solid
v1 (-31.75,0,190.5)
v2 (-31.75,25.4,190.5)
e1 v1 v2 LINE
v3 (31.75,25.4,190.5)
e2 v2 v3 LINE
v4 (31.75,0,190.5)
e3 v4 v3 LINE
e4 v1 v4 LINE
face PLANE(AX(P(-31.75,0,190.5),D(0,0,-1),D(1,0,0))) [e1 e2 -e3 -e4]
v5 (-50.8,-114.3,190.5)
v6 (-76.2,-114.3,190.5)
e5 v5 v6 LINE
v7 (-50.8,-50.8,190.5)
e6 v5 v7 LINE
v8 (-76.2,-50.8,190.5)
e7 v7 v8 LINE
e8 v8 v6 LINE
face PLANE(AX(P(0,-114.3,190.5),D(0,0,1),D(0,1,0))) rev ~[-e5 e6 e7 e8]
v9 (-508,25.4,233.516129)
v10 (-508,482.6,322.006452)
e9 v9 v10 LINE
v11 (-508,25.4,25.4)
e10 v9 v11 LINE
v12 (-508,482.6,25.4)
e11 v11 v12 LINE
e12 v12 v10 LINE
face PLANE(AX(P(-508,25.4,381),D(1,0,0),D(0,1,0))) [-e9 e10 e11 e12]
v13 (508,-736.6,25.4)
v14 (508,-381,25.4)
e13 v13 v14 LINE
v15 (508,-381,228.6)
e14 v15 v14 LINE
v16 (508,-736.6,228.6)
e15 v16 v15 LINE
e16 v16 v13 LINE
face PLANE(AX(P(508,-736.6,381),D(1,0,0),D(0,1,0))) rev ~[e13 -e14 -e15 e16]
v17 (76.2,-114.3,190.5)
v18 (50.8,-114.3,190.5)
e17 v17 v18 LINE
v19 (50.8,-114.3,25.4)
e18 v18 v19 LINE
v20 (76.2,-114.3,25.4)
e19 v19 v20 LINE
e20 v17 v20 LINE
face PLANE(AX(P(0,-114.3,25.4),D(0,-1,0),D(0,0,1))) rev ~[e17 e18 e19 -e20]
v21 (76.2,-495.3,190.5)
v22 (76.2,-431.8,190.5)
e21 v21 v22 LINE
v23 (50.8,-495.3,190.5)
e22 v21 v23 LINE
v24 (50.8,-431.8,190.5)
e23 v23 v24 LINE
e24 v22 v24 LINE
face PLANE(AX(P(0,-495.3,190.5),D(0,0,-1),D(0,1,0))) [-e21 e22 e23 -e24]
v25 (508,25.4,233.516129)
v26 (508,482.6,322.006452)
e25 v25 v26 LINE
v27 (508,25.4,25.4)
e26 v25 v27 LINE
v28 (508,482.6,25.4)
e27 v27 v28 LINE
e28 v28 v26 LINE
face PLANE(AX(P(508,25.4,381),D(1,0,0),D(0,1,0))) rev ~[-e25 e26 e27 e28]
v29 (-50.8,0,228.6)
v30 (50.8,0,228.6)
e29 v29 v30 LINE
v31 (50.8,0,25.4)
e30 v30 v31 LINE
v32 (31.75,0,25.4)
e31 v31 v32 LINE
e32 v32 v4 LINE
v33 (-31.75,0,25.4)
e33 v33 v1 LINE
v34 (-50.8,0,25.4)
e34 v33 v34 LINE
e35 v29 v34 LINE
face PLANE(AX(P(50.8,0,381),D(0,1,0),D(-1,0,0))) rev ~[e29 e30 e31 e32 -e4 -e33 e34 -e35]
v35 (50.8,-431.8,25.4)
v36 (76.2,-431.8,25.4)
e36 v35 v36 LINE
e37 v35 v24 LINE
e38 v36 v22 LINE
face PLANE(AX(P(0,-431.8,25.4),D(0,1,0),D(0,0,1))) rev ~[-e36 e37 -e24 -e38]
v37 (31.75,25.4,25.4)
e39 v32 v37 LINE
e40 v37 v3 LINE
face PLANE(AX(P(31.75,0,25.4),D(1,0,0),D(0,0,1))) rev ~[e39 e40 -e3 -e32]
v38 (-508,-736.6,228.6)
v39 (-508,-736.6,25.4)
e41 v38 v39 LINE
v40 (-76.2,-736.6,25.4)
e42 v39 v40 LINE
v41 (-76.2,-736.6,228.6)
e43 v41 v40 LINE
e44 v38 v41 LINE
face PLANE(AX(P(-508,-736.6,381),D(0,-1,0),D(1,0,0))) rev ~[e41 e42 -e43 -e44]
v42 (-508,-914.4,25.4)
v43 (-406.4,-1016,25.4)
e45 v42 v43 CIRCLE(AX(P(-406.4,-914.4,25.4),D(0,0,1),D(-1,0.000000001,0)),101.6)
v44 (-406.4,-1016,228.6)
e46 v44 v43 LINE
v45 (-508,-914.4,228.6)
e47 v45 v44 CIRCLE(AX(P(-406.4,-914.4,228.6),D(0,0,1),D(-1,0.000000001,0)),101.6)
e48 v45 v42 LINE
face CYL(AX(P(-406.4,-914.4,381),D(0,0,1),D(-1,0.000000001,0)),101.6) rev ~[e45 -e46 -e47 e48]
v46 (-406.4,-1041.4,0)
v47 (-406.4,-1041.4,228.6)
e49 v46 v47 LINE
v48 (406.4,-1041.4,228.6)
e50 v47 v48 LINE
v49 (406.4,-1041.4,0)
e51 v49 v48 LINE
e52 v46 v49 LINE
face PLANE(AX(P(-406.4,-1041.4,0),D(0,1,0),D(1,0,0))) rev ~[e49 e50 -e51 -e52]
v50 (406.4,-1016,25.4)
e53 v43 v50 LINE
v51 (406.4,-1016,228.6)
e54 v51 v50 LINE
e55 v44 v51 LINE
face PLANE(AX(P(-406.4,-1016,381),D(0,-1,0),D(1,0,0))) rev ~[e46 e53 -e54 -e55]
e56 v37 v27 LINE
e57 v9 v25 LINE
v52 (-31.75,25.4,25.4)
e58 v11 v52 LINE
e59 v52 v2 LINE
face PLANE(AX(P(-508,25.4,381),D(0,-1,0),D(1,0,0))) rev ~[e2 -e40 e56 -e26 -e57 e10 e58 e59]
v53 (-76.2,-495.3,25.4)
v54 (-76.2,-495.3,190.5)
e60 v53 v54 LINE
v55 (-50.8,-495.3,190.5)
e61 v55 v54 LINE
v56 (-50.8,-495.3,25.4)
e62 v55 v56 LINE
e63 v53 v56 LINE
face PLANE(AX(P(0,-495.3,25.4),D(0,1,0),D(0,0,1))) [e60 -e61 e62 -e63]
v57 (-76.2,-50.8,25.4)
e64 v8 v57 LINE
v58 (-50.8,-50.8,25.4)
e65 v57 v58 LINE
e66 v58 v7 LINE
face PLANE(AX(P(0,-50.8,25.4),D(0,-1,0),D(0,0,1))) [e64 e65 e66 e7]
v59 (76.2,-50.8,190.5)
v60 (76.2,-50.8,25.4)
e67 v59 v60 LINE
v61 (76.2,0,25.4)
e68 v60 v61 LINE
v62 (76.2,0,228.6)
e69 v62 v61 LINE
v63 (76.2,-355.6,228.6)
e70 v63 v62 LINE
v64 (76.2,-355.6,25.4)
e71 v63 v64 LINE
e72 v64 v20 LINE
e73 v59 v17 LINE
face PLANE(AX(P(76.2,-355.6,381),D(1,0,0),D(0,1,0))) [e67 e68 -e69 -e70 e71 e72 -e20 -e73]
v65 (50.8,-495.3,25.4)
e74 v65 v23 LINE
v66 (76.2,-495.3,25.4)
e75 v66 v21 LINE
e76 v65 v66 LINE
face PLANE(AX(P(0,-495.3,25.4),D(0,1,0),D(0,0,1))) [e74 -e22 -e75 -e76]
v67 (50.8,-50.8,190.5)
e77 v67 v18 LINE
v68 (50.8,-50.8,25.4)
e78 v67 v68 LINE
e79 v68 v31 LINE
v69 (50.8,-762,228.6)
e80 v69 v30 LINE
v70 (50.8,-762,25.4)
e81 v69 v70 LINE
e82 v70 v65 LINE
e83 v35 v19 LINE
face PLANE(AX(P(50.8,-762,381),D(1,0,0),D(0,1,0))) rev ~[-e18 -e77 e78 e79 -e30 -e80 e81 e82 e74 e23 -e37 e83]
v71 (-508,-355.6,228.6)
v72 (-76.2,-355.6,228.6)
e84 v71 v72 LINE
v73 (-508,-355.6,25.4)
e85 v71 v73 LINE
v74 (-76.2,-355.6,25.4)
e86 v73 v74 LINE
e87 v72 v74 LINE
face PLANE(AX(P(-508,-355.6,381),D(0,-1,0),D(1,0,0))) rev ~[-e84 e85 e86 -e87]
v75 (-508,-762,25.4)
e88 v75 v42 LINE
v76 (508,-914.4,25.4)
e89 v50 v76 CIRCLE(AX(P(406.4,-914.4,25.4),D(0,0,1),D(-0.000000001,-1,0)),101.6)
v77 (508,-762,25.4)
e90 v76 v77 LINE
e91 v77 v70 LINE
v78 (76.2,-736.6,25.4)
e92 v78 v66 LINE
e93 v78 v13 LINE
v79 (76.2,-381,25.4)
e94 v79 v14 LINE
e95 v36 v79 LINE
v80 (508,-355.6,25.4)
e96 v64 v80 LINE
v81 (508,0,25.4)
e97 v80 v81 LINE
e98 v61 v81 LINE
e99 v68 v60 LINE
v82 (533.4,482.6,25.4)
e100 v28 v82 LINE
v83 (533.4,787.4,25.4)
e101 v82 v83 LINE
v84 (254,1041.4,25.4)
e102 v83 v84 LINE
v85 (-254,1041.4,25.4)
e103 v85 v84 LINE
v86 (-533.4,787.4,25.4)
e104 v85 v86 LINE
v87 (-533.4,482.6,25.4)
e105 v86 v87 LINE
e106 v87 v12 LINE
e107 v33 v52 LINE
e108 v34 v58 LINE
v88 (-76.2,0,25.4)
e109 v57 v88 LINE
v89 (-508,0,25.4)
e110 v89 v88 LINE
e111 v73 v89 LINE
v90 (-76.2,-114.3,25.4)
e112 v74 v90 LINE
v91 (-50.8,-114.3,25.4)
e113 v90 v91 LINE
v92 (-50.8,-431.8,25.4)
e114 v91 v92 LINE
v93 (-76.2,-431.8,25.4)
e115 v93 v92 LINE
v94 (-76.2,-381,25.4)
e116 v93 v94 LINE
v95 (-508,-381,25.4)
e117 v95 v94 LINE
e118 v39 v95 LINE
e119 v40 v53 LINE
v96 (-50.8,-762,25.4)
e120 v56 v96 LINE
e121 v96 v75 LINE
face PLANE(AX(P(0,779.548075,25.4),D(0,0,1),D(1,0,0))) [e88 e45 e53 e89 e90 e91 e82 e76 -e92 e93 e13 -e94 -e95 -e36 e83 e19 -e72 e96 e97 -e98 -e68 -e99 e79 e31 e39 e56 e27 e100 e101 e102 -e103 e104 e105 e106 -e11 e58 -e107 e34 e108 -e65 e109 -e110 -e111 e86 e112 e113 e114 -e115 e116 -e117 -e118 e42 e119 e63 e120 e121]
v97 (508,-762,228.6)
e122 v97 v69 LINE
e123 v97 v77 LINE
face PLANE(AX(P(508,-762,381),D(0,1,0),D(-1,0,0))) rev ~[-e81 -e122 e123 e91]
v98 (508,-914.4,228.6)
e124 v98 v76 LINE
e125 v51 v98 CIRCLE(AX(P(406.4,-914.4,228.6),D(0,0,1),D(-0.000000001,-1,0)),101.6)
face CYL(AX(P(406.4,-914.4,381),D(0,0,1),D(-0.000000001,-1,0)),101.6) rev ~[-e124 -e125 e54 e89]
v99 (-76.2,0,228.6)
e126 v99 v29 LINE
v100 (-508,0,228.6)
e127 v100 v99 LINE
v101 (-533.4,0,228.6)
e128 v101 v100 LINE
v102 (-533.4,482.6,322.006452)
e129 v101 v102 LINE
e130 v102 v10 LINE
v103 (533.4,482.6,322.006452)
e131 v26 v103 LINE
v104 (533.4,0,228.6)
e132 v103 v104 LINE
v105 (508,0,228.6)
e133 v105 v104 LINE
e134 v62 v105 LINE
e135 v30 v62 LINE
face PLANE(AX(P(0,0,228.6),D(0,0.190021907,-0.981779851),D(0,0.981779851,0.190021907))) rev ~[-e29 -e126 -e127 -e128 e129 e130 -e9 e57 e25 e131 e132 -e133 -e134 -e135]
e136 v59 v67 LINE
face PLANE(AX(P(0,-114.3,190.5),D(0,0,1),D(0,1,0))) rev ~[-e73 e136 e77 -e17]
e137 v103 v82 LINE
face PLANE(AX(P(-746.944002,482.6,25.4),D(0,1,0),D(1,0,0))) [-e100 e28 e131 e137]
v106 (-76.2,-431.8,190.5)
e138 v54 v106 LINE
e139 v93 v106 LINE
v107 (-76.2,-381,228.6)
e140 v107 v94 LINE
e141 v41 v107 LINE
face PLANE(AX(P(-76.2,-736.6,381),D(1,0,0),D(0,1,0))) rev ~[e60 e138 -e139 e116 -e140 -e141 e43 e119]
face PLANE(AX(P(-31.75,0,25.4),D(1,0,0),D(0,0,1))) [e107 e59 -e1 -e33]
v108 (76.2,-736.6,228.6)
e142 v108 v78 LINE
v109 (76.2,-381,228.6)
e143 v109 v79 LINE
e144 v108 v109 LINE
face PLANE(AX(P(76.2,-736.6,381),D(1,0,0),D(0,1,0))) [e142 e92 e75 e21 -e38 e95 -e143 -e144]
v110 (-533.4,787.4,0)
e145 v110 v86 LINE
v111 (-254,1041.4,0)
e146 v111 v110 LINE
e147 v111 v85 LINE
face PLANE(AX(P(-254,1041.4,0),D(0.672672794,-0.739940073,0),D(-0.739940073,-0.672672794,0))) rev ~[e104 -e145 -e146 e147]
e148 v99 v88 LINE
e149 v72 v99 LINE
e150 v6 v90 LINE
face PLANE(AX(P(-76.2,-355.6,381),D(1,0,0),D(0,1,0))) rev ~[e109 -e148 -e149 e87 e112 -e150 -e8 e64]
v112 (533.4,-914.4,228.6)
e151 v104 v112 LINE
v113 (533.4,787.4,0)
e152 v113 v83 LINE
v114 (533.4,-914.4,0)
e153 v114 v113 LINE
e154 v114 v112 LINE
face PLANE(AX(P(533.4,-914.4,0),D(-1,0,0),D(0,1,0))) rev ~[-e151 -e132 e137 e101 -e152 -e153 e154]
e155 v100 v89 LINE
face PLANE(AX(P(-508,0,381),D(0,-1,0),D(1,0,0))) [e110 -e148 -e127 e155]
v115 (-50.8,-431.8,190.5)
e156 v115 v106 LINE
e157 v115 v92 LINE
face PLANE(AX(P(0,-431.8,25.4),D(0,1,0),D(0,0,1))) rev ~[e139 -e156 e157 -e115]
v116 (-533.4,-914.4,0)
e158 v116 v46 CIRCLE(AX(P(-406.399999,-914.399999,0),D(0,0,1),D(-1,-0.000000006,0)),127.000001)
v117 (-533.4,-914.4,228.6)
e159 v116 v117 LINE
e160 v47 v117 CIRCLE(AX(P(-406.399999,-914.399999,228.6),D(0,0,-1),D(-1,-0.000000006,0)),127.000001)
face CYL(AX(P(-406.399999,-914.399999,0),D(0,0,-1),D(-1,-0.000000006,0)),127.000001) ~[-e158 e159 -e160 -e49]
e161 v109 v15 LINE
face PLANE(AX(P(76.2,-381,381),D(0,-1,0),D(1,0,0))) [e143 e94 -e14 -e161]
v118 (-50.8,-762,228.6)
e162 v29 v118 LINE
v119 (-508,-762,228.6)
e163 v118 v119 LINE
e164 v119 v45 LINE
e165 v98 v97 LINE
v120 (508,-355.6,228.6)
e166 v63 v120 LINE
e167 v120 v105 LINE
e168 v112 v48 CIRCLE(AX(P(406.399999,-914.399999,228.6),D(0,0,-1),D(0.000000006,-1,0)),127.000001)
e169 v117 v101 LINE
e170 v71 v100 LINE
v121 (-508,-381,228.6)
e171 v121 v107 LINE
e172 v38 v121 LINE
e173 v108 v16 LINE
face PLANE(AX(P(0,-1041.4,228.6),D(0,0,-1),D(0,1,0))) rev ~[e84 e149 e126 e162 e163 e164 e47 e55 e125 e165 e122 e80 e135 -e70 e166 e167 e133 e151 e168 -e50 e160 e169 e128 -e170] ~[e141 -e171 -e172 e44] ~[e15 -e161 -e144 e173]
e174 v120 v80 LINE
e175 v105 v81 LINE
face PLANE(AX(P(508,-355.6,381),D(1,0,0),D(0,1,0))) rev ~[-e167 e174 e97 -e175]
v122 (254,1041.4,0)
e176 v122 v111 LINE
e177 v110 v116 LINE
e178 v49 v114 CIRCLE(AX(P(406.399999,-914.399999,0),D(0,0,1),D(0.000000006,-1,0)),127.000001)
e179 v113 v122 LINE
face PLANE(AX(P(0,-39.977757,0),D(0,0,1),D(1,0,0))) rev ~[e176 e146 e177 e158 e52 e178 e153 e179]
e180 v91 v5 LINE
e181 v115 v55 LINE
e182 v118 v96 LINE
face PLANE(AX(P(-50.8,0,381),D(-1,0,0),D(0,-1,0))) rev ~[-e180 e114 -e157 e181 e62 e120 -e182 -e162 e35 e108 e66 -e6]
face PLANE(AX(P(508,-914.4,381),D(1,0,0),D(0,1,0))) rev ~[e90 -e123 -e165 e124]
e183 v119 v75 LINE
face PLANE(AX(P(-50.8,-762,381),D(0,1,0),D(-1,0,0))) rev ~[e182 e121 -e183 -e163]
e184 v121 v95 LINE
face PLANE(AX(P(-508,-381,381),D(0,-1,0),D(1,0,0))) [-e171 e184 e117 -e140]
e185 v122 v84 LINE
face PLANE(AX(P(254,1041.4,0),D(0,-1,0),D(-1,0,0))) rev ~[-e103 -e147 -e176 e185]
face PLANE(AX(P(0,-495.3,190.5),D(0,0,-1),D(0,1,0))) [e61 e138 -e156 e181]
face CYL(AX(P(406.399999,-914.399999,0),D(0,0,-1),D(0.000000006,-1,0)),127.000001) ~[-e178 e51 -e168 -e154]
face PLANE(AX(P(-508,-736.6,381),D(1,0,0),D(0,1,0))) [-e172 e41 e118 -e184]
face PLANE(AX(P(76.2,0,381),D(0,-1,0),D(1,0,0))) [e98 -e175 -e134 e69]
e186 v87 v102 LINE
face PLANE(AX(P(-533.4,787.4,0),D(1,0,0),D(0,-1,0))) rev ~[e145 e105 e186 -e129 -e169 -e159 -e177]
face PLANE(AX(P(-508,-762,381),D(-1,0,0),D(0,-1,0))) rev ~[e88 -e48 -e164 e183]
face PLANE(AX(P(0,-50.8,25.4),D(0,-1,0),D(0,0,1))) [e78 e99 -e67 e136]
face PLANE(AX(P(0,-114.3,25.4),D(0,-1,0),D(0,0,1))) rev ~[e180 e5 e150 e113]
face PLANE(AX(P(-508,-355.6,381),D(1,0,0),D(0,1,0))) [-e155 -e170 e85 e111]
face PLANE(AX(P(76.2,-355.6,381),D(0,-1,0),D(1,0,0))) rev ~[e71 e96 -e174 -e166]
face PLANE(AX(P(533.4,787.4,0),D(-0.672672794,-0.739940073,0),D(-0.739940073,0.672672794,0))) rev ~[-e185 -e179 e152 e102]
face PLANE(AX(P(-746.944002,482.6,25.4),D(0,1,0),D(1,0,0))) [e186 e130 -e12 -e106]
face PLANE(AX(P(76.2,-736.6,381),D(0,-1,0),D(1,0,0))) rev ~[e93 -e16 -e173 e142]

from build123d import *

# Parameters (mm, degrees)
F1_DEPTH  = 381
F3_W      = 1016
F3_H      = 457.2
F3_W_2    = 431.8
F3_H_2    = 355.6
F4_DEPTH  = 355.6
F5_DEPTH  = 1270
F6_W      = 63.5
F6_H      = 165.1
F7_DEPTH  = 25.4
F8_W      = 63.5
F8_H      = 165.1
F9_DEPTH  = 25.4
F10_W     = 63.5
F10_H     = 165.1
F11_DEPTH = 127
F12_W     = 127
F12_H     = 177.8
F13_DEPTH = 25.4
F14_W     = 1493.888004
F14_H     = 593.896151
F15_DEPTH = 355.601


with BuildPart() as f1:
    # F0 (on Top) → F1 (new body)
    with BuildSketch(Plane.XY):
        with BuildLine():
            Line((254, 1041.4), (-254, 1041.4))
            Line((-254, 1041.4), (-533.4, 787.4))
            Line((-533.4, 787.4), (-533.4, -914.4))
            ThreePointArc((-533.4, -914.4), (-496.202561, -1004.202561), (-406.4, -1041.4))
            Line((-406.4, -1041.4), (406.4, -1041.4))
            ThreePointArc((406.4, -1041.4), (496.202561, -1004.202561), (533.4, -914.4))
            Line((533.4, -914.4), (533.4, 787.4))
            Line((533.4, 787.4), (254, 1041.4))
        make_face()
    extrude(amount=F1_DEPTH)

    # F3 (on face) → F4 (cut)
    with BuildSketch(Plane.XY.offset(381)):
        with Locations((0, 254)):
            Rectangle(F3_W, F3_H)
        Polygon((-244.180185, 1016), (-508, 776.163805), (-508, 508), (508, 508), (508, 776.163805), (244.180185, 1016), align=None)
        with Locations((-292.1, -177.8)):
            Rectangle(F3_W_2, F3_H_2)
        with Locations((292.1, -177.8)):
            Rectangle(F3_W_2, F3_H_2)
        with Locations((292.1, -558.8)):
            Rectangle(F3_W_2, F3_H_2)
        with Locations((-292.1, -558.8)):
            Rectangle(F3_W_2, F3_H_2)
        with BuildLine():
            Line((50.8, 0), (-50.8, 0))
            Line((-50.8, 0), (-50.8, -381))
            Line((-50.8, -381), (-50.8, -762))
            Line((-50.8, -762), (-508, -762))
            Line((-508, -762), (-508, -914.4))
            ThreePointArc((-508, -914.4), (-478.242049, -986.242049), (-406.4, -1016))
            Line((-406.4, -1016), (406.4, -1016))
            ThreePointArc((406.4, -1016), (478.242049, -986.242049), (508, -914.4))
            Line((508, -914.4), (508, -762))
            Line((508, -762), (50.8, -762))
            Line((50.8, -762), (50.8, -381))
            Line((50.8, -381), (50.8, 0))
        make_face()
    extrude(amount=-F4_DEPTH, mode=Mode.SUBTRACT)

    # F2 (on Right) → F5 (cut, symmetric)
    with BuildSketch(Plane.YZ):
        Polygon((-1041.4, 381), (-1041.4, 228.6), (0, 228.6), (787.4, 381), align=None)
    extrude(amount=F5_DEPTH, both=True, mode=Mode.SUBTRACT)

    # F6 (on face) → F7 (cut, through all)
    with BuildSketch(Plane.XZ.offset(-482.6)):
        with Locations((0, 107.95)):
            Rectangle(F6_W, F6_H)
    extrude(amount=-F7_DEPTH, mode=Mode.SUBTRACT)

    # F8 (on face) → F9 (cut, through all)
    with BuildSketch(Plane.XZ):
        with Locations((0, 107.95)):
            Rectangle(F8_W, F8_H)
    extrude(amount=-F9_DEPTH, mode=Mode.SUBTRACT)

    # F10 (on Right) → F11 (cut, symmetric)
    with BuildSketch(Plane.YZ):
        with Locations((-82.55, 107.95)):
            Rectangle(F10_W, F10_H)
        with Locations((-463.55, 107.95)):
            Rectangle(F10_W, F10_H)
    extrude(amount=F11_DEPTH, both=True, mode=Mode.SUBTRACT)

    # F12 (on face) → F13 (cut)
    with BuildSketch(Plane(origin=(0, 1041.4, 0), x_dir=(-1, 0, 0), z_dir=(0, 1, 0))):
        with Locations((0, 114.3)):
            Rectangle(F12_W, F12_H)
        with BuildLine():
            Line((-63.5, 203.2), (63.5, 203.2))
            ThreePointArc((63.5, 203.2), (0, 266.7), (-63.5, 203.2))
        make_face()
    extrude(amount=-F13_DEPTH, mode=Mode.SUBTRACT)

    # F14 (on face) → F15 (cut, through all)
    with BuildSketch(Plane.XY.offset(25.4)):
        with Locations((0, 779.548075)):
            Rectangle(F14_W, F14_H)
    extrude(amount=F15_DEPTH, mode=Mode.SUBTRACT)


solid = f1.part
